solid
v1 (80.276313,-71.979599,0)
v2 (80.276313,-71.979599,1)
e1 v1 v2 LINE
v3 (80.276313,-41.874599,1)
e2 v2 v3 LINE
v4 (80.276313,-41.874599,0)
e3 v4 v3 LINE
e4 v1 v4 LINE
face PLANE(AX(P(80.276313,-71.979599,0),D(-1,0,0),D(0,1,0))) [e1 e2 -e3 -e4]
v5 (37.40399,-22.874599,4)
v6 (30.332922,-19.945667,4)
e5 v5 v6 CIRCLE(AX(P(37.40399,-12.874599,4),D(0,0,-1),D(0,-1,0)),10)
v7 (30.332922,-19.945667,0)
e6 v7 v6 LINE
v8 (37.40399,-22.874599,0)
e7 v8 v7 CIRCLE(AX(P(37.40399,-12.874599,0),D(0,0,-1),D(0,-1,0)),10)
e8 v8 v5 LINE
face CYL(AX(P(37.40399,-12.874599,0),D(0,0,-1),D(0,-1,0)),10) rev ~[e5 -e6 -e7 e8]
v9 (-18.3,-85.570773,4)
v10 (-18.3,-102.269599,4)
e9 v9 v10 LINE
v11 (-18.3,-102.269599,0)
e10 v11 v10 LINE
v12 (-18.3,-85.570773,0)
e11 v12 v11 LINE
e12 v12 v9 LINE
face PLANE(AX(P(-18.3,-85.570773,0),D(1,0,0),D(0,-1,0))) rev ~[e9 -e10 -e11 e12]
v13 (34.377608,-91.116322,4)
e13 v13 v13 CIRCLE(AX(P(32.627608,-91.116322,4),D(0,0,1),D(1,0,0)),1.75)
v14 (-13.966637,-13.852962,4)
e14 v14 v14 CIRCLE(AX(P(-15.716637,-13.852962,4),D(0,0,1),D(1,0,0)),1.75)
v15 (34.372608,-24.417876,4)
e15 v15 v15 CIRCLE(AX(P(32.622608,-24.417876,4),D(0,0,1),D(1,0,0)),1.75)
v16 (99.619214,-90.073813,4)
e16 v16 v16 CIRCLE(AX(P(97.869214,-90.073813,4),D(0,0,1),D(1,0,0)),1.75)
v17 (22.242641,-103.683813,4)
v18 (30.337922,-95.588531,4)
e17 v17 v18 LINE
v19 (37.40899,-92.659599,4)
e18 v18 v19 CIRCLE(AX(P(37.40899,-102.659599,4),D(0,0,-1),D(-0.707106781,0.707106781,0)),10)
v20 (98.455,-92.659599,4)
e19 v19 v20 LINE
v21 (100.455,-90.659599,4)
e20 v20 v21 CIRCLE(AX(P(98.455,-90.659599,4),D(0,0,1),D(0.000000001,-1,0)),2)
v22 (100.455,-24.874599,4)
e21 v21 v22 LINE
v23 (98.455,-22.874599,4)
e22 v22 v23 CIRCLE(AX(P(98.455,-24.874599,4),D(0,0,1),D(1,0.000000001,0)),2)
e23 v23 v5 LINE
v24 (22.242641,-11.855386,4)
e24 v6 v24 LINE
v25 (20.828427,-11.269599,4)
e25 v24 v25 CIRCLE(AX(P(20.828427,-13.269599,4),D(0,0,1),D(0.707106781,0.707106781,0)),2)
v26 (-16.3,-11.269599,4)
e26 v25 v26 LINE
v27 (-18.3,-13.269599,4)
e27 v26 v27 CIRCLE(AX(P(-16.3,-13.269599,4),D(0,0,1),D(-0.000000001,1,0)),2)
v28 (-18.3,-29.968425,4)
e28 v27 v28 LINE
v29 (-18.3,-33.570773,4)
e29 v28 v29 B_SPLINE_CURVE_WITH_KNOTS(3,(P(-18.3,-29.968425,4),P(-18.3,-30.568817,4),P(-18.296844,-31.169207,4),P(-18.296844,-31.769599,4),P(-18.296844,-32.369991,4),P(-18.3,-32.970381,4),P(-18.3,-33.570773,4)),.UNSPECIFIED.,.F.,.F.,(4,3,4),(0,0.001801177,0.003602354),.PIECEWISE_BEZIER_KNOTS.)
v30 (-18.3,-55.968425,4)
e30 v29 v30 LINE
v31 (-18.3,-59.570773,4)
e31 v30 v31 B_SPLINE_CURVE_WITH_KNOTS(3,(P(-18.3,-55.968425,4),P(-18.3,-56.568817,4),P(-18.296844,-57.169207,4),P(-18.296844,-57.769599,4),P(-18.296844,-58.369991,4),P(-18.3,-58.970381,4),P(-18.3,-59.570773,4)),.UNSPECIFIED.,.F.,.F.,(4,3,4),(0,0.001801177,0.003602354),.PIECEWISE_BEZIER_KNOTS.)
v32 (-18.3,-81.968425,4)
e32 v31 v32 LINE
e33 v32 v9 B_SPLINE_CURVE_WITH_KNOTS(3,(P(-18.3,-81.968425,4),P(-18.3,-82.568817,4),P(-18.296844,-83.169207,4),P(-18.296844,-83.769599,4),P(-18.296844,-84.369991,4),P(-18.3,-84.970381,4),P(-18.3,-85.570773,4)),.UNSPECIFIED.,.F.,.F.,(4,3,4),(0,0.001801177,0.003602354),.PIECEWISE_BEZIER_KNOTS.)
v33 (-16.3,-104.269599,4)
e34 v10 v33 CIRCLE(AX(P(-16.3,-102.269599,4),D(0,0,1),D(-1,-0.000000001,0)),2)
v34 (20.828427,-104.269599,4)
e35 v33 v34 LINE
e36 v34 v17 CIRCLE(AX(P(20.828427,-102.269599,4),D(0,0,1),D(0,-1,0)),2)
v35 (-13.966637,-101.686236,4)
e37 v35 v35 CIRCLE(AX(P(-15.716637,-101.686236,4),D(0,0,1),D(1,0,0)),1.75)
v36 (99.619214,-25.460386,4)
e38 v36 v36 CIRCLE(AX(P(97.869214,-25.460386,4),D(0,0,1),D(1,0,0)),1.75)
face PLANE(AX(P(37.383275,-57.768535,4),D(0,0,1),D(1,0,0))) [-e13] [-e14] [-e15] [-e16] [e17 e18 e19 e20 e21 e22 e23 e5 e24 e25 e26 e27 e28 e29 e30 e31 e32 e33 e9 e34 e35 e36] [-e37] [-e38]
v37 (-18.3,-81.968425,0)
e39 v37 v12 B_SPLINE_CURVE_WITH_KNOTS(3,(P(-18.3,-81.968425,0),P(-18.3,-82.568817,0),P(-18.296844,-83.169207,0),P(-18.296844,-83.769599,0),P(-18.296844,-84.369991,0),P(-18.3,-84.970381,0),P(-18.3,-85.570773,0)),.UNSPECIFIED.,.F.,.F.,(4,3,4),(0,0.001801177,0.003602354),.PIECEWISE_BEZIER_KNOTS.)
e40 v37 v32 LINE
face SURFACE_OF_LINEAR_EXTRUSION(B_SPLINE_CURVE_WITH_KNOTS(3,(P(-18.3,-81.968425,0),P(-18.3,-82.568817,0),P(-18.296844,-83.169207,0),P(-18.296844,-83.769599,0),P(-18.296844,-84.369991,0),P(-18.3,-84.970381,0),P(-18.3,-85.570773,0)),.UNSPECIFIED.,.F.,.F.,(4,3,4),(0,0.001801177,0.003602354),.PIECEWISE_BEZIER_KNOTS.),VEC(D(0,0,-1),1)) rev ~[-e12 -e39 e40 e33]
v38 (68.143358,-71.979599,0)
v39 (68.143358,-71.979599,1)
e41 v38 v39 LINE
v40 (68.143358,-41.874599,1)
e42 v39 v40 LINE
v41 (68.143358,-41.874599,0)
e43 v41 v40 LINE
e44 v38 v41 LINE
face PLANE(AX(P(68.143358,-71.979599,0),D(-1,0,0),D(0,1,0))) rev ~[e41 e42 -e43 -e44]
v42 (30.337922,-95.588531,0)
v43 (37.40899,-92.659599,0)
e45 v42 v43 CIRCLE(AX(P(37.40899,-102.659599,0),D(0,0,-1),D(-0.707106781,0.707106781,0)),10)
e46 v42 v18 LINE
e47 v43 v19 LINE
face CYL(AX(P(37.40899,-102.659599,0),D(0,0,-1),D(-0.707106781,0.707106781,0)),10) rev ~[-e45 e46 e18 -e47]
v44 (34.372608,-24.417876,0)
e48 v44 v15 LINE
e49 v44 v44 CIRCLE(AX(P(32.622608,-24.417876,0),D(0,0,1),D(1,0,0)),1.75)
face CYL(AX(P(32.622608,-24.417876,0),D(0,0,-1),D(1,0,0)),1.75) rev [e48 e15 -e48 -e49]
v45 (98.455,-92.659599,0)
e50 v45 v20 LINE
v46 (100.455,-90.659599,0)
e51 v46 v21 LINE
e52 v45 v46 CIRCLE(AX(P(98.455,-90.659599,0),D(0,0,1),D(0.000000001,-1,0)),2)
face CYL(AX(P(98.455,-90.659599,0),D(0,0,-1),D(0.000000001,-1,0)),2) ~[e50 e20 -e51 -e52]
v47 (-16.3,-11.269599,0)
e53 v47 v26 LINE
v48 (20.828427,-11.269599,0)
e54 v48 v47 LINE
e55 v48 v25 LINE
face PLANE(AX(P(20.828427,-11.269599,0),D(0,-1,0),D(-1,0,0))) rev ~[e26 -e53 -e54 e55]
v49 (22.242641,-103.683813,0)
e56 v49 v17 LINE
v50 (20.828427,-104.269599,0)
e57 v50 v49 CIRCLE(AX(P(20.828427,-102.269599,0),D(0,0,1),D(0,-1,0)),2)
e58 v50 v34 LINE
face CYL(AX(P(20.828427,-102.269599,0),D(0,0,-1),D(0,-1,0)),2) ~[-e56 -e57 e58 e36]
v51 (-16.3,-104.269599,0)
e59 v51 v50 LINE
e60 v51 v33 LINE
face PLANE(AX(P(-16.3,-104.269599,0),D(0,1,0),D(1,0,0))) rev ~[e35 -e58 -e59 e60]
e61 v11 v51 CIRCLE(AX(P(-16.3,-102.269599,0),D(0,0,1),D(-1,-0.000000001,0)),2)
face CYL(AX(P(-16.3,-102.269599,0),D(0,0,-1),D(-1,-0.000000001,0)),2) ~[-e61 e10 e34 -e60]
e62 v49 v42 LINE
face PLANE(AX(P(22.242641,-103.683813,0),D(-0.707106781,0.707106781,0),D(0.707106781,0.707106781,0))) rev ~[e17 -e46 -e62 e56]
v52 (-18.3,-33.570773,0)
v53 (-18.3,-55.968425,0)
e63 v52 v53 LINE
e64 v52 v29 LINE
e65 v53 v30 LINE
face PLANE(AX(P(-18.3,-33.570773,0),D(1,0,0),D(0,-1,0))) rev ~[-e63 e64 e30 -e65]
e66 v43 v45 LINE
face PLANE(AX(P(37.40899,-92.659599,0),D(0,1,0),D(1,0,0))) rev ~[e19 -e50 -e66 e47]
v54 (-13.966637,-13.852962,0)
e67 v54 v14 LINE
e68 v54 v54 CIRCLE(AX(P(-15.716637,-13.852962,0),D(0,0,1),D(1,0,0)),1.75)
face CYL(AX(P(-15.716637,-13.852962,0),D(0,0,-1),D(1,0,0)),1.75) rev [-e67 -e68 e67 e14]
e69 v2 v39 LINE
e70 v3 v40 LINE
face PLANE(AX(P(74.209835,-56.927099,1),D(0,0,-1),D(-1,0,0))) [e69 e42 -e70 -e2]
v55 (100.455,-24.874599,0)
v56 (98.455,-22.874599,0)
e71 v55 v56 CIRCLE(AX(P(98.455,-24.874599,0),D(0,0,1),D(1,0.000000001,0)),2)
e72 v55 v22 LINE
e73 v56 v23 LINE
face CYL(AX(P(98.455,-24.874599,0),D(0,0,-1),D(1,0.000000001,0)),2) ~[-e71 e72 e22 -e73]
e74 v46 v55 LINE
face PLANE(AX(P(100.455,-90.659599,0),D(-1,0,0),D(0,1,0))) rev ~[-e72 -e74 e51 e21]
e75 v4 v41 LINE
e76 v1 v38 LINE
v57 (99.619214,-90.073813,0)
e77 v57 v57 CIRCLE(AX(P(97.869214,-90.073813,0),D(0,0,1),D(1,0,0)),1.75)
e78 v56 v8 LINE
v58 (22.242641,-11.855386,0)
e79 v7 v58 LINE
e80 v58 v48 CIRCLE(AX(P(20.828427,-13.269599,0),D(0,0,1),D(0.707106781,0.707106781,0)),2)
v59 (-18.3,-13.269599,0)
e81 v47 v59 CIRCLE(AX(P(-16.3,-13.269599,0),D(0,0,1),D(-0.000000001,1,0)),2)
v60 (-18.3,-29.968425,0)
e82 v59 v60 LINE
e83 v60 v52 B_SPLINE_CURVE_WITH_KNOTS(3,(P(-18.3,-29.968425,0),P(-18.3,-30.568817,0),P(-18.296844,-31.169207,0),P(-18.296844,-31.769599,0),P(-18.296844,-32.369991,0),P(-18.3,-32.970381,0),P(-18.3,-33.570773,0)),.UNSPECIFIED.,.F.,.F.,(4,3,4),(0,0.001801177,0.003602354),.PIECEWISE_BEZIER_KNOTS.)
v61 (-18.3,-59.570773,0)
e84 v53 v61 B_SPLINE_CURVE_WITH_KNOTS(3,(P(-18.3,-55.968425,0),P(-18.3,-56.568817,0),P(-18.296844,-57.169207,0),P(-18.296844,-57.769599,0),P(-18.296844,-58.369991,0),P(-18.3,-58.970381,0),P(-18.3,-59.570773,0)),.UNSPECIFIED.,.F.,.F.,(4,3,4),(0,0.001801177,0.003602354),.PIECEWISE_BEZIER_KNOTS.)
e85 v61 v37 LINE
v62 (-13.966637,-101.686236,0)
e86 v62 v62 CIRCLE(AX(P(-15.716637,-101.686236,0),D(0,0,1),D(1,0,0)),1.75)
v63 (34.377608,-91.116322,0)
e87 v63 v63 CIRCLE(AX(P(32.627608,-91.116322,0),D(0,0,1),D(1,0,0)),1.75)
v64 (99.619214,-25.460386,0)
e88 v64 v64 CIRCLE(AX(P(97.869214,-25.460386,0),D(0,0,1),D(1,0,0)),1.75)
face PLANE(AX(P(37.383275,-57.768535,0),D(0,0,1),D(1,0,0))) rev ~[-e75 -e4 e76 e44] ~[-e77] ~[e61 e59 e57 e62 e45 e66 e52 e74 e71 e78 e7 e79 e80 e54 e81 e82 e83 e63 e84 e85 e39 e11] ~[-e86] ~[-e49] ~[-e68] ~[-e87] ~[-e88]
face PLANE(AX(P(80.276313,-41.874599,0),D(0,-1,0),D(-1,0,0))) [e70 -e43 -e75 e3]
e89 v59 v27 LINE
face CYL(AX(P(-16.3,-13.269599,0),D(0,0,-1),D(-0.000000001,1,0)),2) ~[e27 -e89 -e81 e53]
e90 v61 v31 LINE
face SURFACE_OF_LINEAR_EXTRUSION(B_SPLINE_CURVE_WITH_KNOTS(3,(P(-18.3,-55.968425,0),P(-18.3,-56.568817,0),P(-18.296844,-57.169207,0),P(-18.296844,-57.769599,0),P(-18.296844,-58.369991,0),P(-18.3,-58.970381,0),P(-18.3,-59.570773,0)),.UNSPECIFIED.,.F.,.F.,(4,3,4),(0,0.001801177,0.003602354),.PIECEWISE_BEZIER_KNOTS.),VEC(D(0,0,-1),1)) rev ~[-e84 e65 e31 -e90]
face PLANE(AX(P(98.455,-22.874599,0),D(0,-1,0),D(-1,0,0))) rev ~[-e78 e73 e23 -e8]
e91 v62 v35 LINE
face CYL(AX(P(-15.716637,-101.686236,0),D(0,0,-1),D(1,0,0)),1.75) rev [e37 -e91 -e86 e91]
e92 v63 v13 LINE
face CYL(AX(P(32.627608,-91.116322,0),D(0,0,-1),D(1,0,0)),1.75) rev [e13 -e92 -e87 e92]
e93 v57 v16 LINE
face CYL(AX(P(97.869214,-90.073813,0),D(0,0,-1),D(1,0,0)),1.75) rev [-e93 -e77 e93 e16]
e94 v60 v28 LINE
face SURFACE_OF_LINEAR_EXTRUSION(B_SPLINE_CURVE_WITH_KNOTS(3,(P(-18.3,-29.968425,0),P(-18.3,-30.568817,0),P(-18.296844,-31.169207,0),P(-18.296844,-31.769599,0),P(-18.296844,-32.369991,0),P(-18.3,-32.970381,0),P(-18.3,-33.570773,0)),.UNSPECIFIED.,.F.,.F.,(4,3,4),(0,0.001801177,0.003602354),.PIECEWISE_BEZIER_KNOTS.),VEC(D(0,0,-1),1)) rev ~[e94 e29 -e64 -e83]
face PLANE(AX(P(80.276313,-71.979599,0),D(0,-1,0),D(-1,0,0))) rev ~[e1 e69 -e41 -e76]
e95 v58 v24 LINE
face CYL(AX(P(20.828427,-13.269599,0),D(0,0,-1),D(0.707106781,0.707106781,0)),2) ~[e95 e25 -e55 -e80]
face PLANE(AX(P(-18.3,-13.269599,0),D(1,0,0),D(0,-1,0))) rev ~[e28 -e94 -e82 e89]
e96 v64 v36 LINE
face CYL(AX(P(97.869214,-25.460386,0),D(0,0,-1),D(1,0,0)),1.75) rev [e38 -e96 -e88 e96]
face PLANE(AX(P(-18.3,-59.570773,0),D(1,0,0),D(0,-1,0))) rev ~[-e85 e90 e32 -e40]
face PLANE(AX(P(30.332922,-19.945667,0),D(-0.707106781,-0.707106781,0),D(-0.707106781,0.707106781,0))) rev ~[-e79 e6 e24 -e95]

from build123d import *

# Parameters (mm, degrees)
SKETCH1_R           = 1.75
BOSS_EXTRUDE1_DEPTH = 4
SKETCH2_W           = 12.132955251
SKETCH2_H           = 30.105
CUT_EXTRUDE2_DEPTH  = 1


with BuildPart() as part:
    # Sketch1 → Boss-Extrude1 (new body)
    with BuildSketch(Plane.XY):
        with BuildLine():
            Line((22.242640687, -103.68381275), (30.337922061, -95.588531376))
            ThreePointArc((30.337922061, -95.588531376), (33.58215555, -93.420803863), (37.408989873, -92.659599188))
            Line((37.408989873, -92.659599188), (97.386933012, -92.659599188))
            Line((97.386933012, -92.659599188), (98.455, -92.659599188))
            ThreePointArc((98.455, -92.659599188), (99.869213562, -92.07381275), (100.455, -90.659599188))
            Line((100.455, -90.659599188), (100.455, -24.874599188))
            ThreePointArc((100.455, -24.874599188), (99.869213562, -23.460385626), (98.455, -22.874599188))
            Line((98.455, -22.874599188), (97.38733653, -22.874599188))
            Line((97.38733653, -22.874599188), (37.403989873, -22.874599188))
            ThreePointArc((37.403989873, -22.874599188), (33.57715555, -22.113394513), (30.332922061, -19.945667))
            Line((30.332922061, -19.945667), (22.242640687, -11.855385626))
            ThreePointArc((22.242640687, -11.855385626), (21.593793989, -11.421840123), (20.828427125, -11.269599188))
            Line((20.828427125, -11.269599188), (-16.3, -11.269599188))
            ThreePointArc((-16.3, -11.269599188), (-17.714213562, -11.855385626), (-18.3, -13.269599188))
            Line((-18.3, -13.269599188), (-18.3, -29.968425088))
            add(Edge.make_bspline(
                [(-18.3, -29.968425088), (-18.3, -30.568817376), (-18.296844416, -31.1692069), (-18.296844416, -31.769599188), (-18.296844416, -32.369991476), (-18.3, -32.970381), (-18.3, -33.570773288)],
                knots=[0, 0, 0, 0, 0.001801177, 0.001801177, 0.001801177, 0.003602354, 0.003602354, 0.003602354, 0.003602354], degree=3))
            Line((-18.3, -33.570773288), (-18.3, -55.968425088))
            add(Edge.make_bspline(
                [(-18.3, -55.968425088), (-18.3, -56.568817376), (-18.296844416, -57.1692069), (-18.296844416, -57.769599188), (-18.296844416, -58.369991476), (-18.3, -58.970381), (-18.3, -59.570773288)],
                knots=[0, 0, 0, 0, 0.001801177, 0.001801177, 0.001801177, 0.003602354, 0.003602354, 0.003602354, 0.003602354], degree=3))
            Line((-18.3, -59.570773288), (-18.3, -81.968425088))
            add(Edge.make_bspline(
                [(-18.3, -81.968425088), (-18.3, -82.568817376), (-18.296844416, -83.1692069), (-18.296844416, -83.769599188), (-18.296844416, -84.369991476), (-18.3, -84.970381), (-18.3, -85.570773288)],
                knots=[0, 0, 0, 0, 0.001801177, 0.001801177, 0.001801177, 0.003602354, 0.003602354, 0.003602354, 0.003602354], degree=3))
            Line((-18.3, -85.570773288), (-18.3, -102.269599188))
            ThreePointArc((-18.3, -102.269599188), (-17.714213562, -103.68381275), (-16.3, -104.269599188))
            Line((-16.3, -104.269599188), (20.828427125, -104.269599188))
            ThreePointArc((20.828427125, -104.269599188), (21.593793989, -104.117358253), (22.242640687, -103.68381275))
        make_face()
        with Locations((-15.716636906, -101.686236094)):
            Circle(SKETCH1_R, mode=Mode.SUBTRACT)
        with Locations((-15.716636906, -13.852962283)):
            Circle(SKETCH1_R, mode=Mode.SUBTRACT)
        with Locations((32.622607905, -24.417876383)):
            Circle(SKETCH1_R, mode=Mode.SUBTRACT)
        with Locations((32.627607905, -91.116321993)):
            Circle(SKETCH1_R, mode=Mode.SUBTRACT)
        with Locations((97.869213562, -90.07381275)):
            Circle(SKETCH1_R, mode=Mode.SUBTRACT)
        with Locations((97.869213562, -25.460385626)):
            Circle(SKETCH1_R, mode=Mode.SUBTRACT)
    extrude(amount=BOSS_EXTRUDE1_DEPTH)

    # Sketch2 → Cut-Extrude2 (cut)
    with BuildSketch(Plane(origin=(0, 0, 0), x_dir=(-1, 0, 0), z_dir=(0, 0, -1))):
        with Locations((-74.209835266, -56.927099188)):
            Rectangle(SKETCH2_W, SKETCH2_H)
    extrude(amount=-CUT_EXTRUDE2_DEPTH, mode=Mode.SUBTRACT)


solid = part.part
